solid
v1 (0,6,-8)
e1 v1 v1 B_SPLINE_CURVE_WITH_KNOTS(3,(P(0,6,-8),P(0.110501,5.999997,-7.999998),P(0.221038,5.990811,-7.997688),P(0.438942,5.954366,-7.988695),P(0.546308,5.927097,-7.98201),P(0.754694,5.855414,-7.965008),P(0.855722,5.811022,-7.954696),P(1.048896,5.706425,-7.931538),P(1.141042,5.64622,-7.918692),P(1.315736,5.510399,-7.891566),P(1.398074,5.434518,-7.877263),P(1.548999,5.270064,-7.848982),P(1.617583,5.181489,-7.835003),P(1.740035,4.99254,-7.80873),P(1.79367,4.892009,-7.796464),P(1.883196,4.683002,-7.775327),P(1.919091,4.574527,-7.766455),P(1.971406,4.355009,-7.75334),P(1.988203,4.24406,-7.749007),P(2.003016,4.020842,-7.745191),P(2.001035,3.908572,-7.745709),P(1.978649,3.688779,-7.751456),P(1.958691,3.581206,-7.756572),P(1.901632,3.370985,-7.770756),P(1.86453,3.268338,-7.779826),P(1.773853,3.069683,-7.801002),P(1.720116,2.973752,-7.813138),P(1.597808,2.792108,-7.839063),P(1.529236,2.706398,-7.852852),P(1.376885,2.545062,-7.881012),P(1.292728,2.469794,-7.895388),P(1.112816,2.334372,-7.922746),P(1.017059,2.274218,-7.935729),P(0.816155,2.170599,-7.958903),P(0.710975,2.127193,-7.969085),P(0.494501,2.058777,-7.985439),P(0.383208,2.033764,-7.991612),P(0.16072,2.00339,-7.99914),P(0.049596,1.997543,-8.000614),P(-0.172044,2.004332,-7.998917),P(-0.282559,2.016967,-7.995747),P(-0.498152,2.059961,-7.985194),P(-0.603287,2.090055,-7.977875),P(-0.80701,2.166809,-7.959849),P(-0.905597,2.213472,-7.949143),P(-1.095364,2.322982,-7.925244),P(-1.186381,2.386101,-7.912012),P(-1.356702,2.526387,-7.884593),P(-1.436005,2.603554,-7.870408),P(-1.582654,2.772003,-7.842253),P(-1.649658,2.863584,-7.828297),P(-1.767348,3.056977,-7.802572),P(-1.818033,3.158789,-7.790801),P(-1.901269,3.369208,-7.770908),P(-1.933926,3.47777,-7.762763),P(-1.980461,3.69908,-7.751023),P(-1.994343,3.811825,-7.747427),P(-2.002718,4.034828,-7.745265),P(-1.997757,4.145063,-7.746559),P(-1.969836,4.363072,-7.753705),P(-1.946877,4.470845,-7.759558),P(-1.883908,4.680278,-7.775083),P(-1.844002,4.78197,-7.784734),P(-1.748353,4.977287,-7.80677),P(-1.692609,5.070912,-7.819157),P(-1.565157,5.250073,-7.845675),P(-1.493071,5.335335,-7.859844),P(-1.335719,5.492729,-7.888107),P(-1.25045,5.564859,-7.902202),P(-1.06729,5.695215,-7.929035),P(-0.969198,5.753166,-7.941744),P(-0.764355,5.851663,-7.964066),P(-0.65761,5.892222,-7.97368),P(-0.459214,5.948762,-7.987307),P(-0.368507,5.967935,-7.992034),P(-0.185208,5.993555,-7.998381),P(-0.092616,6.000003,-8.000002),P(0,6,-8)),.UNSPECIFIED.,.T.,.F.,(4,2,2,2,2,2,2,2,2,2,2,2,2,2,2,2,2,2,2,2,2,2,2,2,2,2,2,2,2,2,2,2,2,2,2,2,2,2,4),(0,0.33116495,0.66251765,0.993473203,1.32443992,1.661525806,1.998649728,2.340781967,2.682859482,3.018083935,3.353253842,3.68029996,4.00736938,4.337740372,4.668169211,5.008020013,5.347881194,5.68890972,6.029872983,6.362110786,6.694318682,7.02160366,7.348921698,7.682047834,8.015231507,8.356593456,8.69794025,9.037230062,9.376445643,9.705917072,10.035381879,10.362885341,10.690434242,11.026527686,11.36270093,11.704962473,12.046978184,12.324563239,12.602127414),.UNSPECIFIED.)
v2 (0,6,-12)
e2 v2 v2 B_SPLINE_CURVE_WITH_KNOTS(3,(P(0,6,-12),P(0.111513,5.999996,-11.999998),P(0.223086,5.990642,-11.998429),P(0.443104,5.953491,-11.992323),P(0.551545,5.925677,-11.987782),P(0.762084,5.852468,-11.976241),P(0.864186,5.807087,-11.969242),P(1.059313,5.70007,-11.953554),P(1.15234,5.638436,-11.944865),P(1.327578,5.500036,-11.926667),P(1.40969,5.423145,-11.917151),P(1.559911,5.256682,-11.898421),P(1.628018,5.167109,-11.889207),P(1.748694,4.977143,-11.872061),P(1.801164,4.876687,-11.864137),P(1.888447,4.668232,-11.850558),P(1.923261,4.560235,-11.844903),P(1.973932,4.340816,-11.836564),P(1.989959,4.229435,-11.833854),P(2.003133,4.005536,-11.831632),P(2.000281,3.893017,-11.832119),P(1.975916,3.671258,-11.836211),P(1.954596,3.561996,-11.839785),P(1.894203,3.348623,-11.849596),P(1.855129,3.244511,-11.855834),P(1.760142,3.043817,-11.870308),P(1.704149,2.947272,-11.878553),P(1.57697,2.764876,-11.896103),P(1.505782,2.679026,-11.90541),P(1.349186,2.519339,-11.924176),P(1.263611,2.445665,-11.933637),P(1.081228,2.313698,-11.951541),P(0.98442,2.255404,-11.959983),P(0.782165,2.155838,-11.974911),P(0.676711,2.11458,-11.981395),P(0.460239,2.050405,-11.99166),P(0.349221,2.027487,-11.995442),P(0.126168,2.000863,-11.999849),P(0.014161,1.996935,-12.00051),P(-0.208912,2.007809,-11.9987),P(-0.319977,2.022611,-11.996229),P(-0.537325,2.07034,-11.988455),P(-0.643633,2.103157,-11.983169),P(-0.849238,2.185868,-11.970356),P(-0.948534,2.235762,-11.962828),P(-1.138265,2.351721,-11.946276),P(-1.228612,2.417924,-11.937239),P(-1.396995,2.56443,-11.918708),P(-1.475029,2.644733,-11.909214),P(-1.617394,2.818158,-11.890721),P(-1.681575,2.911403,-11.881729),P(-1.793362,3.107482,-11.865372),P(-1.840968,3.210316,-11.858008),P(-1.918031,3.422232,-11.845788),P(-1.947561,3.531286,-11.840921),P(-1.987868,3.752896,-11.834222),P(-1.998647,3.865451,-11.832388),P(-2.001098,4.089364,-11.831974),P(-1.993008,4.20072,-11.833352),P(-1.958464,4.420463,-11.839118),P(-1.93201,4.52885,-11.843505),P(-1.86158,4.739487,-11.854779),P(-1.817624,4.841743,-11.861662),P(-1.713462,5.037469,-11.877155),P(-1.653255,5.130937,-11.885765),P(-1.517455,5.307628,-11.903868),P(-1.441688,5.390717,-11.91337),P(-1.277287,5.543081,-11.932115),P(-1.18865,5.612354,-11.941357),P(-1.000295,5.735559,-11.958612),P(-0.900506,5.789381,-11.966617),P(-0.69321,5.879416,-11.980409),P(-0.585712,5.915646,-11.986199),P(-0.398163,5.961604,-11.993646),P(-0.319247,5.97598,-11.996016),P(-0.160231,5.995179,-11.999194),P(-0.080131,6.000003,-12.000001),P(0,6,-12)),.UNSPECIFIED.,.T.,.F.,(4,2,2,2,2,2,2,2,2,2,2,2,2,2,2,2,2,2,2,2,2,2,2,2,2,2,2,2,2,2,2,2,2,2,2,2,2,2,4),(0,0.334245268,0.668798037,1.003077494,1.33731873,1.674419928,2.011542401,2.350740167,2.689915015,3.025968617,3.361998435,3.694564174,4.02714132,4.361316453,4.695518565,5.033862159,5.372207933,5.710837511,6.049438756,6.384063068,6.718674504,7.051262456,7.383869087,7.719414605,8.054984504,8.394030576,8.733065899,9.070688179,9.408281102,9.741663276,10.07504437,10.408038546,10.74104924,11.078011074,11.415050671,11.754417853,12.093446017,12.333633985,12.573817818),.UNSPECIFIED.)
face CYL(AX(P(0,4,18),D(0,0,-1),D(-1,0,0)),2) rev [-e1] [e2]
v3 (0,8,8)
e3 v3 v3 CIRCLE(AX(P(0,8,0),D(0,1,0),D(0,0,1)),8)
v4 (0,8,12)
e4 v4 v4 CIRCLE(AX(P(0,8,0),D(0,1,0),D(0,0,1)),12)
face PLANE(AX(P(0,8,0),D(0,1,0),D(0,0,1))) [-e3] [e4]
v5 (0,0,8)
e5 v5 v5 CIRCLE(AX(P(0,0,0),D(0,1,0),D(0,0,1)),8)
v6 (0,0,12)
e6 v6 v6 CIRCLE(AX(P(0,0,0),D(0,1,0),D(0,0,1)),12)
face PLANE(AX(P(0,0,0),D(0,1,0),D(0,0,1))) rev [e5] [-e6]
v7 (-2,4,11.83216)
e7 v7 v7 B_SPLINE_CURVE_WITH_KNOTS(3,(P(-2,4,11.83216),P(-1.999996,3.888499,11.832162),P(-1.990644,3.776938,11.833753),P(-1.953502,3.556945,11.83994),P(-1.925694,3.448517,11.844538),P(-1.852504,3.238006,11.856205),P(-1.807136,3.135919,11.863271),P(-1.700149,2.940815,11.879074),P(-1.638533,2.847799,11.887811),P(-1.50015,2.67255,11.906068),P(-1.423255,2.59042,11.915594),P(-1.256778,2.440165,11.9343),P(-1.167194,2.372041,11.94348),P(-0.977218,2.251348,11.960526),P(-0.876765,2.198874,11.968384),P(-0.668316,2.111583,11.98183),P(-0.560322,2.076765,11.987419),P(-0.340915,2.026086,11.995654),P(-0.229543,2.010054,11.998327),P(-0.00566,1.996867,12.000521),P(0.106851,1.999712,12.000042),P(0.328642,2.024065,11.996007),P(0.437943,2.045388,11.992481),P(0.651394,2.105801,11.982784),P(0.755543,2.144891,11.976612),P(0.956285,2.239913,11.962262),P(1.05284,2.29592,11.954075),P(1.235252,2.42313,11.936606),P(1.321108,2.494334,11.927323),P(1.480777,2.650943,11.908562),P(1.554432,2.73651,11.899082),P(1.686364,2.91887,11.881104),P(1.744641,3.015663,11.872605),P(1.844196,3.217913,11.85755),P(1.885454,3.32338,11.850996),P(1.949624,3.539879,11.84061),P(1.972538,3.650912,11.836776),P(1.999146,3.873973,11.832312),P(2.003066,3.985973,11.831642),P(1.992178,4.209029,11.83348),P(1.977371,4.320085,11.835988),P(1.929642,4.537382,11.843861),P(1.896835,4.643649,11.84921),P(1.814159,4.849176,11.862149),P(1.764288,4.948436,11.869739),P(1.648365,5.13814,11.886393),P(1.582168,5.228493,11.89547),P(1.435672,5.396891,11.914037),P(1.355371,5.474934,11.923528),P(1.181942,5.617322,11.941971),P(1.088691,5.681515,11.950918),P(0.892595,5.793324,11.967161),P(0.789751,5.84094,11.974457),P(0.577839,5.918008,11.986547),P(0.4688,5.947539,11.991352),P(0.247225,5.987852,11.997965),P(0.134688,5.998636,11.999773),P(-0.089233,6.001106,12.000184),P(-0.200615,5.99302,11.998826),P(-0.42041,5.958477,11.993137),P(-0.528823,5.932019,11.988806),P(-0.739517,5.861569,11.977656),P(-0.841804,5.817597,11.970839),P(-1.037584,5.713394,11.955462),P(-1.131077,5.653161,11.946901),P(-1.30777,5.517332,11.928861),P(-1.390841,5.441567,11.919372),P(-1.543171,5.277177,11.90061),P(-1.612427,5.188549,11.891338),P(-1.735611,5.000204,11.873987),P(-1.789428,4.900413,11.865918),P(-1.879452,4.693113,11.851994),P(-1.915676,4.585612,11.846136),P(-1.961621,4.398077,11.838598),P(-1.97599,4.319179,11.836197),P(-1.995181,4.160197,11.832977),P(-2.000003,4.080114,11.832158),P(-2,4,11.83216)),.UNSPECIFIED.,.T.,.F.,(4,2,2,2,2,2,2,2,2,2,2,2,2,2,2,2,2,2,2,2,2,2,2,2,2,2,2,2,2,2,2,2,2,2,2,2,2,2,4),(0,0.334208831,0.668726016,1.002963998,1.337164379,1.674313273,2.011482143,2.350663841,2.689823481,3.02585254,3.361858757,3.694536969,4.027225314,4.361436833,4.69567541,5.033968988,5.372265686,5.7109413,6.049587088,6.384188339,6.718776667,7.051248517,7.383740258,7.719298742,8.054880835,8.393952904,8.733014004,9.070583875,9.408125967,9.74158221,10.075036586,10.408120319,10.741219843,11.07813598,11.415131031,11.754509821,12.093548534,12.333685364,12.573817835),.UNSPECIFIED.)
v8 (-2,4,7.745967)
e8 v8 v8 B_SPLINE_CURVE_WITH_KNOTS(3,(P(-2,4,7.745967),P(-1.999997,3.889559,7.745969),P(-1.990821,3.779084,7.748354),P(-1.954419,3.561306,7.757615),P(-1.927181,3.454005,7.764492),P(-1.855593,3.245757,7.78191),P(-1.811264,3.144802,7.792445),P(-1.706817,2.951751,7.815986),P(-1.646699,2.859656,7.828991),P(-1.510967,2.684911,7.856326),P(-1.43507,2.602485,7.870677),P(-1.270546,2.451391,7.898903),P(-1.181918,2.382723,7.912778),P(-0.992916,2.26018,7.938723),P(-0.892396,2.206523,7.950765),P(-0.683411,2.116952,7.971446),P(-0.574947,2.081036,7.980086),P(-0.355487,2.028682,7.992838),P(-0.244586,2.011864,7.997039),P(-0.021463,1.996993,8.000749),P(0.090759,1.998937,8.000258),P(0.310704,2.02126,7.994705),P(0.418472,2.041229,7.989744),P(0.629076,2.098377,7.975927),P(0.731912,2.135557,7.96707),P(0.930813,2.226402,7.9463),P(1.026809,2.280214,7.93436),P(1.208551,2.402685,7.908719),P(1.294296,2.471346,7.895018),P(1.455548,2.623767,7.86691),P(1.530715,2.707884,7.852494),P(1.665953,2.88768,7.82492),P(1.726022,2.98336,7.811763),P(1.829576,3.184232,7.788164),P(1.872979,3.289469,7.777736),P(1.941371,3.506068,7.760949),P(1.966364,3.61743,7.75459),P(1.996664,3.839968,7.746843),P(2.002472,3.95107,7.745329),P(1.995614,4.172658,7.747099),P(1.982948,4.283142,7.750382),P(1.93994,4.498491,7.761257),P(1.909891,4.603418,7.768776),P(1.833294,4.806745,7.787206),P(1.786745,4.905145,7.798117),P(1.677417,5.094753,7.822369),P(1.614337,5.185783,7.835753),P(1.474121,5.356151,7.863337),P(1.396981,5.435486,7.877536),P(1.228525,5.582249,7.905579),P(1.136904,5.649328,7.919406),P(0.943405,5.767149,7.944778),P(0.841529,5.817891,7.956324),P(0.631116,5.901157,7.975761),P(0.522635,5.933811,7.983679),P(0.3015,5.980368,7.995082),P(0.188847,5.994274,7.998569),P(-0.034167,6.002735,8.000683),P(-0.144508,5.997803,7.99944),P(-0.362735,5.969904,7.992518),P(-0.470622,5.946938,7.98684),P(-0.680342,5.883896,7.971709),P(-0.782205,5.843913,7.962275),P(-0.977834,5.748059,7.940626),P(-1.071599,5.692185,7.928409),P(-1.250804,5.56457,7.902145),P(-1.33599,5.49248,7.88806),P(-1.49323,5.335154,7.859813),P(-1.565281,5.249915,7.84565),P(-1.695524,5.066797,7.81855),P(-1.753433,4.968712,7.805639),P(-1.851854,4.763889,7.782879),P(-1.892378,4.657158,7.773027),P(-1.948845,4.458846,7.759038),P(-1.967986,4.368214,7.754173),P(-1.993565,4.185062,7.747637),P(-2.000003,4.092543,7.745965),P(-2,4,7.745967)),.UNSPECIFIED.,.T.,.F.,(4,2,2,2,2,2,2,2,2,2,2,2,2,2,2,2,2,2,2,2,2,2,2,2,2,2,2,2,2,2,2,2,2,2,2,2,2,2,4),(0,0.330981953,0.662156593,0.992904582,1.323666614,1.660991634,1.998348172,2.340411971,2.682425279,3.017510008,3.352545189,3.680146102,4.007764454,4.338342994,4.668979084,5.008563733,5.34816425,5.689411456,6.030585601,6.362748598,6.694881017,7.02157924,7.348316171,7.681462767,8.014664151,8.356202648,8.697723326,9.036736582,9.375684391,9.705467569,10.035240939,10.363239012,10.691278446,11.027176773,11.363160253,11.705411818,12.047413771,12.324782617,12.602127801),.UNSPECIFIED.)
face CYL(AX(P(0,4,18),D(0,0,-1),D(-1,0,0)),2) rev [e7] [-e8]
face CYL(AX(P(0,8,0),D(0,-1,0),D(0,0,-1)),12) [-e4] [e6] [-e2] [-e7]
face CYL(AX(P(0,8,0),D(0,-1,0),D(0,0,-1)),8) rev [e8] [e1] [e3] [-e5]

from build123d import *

# Parameters (mm, degrees)
SKETCH1_R               = 12
SKETCH1_R_2             = 8
BOSS_EXTRUDE1_DEPTH     = 8
SKETCH2_R               = 2
CUT_EXTRUDE1_DEPTH      = 18
CUT_EXTRUDE1_DEPTH_BACK = 17


with BuildPart() as part:
    # Sketch1 → Boss-Extrude1 (new body)
    with BuildSketch(Plane(origin=(0, 0, 0), x_dir=(1, 0, 0), z_dir=(0, 1, 0))):
        Circle(SKETCH1_R)
        Circle(SKETCH1_R_2, mode=Mode.SUBTRACT)
    extrude(amount=BOSS_EXTRUDE1_DEPTH)

    # Sketch2 → Cut-Extrude1 (cut, two sides)
    with BuildSketch(Plane.XY) as cut_extrude1_sk:
        with Locations((0, 4)):
            Circle(SKETCH2_R)
    extrude(amount=CUT_EXTRUDE1_DEPTH, mode=Mode.SUBTRACT)
    extrude(cut_extrude1_sk.sketch, amount=-CUT_EXTRUDE1_DEPTH_BACK, mode=Mode.SUBTRACT)


solid = part.part
